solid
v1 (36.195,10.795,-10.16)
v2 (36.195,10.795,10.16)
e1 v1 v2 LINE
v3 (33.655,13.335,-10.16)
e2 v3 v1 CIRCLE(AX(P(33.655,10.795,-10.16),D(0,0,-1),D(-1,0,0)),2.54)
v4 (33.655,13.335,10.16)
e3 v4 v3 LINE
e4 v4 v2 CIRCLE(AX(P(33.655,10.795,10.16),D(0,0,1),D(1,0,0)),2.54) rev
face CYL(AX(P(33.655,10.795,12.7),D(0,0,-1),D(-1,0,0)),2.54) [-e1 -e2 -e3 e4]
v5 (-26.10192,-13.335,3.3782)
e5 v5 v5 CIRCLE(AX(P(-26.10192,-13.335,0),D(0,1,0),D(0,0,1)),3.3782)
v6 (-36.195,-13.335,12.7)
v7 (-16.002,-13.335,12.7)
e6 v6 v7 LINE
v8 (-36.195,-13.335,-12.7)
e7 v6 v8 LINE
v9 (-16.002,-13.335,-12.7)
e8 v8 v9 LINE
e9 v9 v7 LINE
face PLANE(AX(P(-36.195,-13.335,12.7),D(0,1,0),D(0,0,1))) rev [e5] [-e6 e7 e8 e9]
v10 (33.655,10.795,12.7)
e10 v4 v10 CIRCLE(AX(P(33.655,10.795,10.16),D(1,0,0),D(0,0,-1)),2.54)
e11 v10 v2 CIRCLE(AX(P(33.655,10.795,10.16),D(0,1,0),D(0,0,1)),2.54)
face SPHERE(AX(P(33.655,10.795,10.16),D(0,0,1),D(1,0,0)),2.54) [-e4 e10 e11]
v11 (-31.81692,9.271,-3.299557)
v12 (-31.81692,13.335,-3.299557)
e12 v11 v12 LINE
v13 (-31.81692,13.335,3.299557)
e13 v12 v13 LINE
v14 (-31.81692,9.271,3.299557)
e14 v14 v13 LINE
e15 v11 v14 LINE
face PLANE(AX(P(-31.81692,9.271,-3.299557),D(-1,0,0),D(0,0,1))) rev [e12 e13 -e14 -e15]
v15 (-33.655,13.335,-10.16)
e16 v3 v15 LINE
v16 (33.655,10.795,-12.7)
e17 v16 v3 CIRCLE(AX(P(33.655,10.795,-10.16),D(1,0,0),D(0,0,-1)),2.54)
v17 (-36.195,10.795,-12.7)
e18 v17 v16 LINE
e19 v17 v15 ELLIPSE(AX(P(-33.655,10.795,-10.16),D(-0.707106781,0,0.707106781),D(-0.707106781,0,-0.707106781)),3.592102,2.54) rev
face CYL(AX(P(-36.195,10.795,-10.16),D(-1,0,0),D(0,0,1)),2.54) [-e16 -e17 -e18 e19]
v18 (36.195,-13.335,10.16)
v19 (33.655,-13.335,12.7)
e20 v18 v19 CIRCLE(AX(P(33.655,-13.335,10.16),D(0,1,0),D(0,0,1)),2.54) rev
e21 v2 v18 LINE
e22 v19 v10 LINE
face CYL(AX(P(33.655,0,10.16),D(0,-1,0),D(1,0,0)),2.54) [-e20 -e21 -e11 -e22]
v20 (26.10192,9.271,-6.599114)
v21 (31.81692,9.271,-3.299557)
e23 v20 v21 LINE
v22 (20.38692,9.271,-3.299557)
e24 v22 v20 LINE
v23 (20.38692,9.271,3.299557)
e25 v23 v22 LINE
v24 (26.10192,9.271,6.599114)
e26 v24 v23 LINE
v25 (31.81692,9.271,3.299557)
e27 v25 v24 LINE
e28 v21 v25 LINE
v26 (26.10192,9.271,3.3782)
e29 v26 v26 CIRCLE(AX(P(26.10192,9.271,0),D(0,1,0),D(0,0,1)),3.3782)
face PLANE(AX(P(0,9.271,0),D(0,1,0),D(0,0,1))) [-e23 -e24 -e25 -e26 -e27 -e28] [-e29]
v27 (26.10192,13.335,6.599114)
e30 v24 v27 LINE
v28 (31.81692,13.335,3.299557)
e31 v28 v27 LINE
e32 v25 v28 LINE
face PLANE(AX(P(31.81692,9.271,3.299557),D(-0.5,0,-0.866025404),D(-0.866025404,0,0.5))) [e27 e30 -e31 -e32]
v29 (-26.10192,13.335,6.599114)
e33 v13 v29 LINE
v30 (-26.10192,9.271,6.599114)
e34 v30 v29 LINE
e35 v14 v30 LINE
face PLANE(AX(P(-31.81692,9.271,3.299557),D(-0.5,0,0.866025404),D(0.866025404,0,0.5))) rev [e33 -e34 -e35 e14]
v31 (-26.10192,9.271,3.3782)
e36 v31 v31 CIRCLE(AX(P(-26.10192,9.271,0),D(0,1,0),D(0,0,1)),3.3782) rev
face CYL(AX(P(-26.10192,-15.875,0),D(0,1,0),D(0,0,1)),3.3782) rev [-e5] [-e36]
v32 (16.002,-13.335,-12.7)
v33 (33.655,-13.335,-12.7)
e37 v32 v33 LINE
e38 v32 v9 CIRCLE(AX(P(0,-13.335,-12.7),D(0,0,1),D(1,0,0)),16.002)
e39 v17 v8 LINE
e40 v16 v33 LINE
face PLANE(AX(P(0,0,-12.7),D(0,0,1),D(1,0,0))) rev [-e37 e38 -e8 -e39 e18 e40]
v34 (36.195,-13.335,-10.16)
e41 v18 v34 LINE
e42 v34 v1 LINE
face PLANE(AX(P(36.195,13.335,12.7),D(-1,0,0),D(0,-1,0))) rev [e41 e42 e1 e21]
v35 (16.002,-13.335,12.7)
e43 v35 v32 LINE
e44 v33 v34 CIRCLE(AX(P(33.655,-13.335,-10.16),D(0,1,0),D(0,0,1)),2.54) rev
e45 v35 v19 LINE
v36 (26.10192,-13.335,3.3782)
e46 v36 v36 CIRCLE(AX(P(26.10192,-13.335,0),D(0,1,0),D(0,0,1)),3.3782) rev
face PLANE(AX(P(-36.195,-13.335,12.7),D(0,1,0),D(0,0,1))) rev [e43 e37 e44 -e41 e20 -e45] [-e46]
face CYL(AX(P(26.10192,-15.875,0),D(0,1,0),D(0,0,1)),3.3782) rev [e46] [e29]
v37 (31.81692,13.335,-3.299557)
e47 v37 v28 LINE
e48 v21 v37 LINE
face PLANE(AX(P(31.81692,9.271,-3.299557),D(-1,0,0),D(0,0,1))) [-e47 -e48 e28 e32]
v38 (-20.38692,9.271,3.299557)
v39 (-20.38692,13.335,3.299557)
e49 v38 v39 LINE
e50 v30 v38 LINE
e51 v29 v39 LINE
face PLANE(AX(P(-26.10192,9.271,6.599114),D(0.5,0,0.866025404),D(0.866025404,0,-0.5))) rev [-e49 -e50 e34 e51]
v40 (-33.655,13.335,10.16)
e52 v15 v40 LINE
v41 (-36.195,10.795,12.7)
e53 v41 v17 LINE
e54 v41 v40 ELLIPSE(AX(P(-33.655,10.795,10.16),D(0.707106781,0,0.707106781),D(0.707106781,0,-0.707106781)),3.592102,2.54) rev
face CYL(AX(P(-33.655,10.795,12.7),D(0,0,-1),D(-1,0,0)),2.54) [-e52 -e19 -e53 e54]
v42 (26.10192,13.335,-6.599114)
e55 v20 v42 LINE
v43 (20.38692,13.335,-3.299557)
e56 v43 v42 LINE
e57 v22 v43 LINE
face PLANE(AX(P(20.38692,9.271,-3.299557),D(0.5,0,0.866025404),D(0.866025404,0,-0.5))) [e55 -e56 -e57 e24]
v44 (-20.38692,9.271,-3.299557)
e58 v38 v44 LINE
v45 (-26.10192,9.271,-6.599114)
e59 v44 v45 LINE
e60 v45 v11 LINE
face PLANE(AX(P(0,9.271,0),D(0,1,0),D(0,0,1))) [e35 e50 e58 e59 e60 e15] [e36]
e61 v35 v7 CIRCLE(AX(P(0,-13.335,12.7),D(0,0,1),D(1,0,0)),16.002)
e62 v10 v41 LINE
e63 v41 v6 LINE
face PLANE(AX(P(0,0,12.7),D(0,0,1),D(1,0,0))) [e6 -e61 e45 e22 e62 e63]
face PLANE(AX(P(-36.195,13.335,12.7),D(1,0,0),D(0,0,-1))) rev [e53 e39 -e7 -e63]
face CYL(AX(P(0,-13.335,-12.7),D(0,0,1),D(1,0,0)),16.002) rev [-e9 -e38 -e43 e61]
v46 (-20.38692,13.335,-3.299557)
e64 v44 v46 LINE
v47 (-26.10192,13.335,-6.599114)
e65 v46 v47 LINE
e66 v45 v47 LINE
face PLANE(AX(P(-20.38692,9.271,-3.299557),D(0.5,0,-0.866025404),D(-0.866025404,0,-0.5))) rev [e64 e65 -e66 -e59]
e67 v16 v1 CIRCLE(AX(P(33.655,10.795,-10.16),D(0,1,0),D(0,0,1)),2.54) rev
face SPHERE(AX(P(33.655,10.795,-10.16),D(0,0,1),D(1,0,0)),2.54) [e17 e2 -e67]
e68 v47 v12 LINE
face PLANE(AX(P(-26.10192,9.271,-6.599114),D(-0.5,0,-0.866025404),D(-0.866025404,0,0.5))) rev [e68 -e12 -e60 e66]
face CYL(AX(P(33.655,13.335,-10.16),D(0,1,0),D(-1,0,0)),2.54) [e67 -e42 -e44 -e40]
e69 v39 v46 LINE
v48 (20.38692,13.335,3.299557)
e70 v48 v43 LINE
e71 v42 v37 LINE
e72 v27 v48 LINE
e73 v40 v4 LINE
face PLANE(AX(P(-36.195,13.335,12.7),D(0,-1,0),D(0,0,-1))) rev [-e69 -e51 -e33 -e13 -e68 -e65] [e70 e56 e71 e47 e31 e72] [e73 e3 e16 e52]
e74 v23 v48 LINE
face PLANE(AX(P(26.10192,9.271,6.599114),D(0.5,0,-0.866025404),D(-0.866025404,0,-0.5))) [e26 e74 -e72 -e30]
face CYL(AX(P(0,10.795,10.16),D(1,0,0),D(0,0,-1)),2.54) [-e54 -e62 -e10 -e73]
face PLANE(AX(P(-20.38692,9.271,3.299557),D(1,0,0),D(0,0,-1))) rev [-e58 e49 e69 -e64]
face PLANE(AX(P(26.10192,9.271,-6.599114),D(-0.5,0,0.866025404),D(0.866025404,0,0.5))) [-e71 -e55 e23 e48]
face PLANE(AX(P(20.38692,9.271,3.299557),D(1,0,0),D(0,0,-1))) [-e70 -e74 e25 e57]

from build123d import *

# Parameters (mm, degrees)
SKETCH3_W           = 72.39
SKETCH3_H           = 26.67
BOSS_EXTRUDE1_DEPTH = 12.7
SKETCH4_R           = 16.002
CUT_EXTRUDE1_DEPTH  = 26.4
SKETCH7_R           = 3.3782
CUT_EXTRUDE2_DEPTH  = 15.875
FILLET1_R           = 2.54
CUT_EXTRUDE3_DEPTH  = 4.064


with BuildPart() as part:
    # Sketch3 → Boss-Extrude1 (new body, symmetric)
    with BuildSketch(Plane.XY):
        Rectangle(SKETCH3_W, SKETCH3_H)
    extrude(amount=BOSS_EXTRUDE1_DEPTH, both=True)

    # Sketch4 → Cut-Extrude1 (cut, through all)
    with BuildSketch(Plane.XY.offset(12.7)):
        with Locations((0, -13.335)):
            Circle(SKETCH4_R)
    extrude(amount=-CUT_EXTRUDE1_DEPTH, mode=Mode.SUBTRACT)

    # Sketch7 → Cut-Extrude2 (cut, symmetric)
    with BuildSketch(Plane(origin=(0, 0, 0), x_dir=(1, 0, 0), z_dir=(0, 1, 0))):
        with Locations((-26.101920205, 0)):
            Circle(SKETCH7_R)
    cut_extrude2 = extrude(amount=CUT_EXTRUDE2_DEPTH, both=True, mode=Mode.SUBTRACT)

    # Mirror1: Cut-Extrude2 across plane
    add(cut_extrude2.mirror(Plane(origin=(0, 0, 0), x_dir=(0, 0, 1), z_dir=(1, 0, 0))), mode=Mode.SUBTRACT)

    # Fillet1
    fillet1_edges = [part.edges().sort_by_distance(p)[0] for p in [
        (36.195, 0, 12.7),
        (0, 13.335, -12.7),
        (36.195, 0, -12.7),
        (-36.195, 13.335, 0),
        (36.195, 13.335, 0),
        (0, 13.335, 12.7),
    ]]
    fillet(fillet1_edges, radius=FILLET1_R)

    # Sketch8 → Cut-Extrude3 (cut)
    with BuildSketch(Plane(origin=(0, 13.335, 0), x_dir=(1, 0, 0), z_dir=(0, 1, 0))):
        Polygon((-26.101920205, -6.599113577), (-20.386920205, -3.299556788), (-20.386920205, 3.299556788), (-26.101920205, 6.599113577), (-31.816920205, 3.299556788), (-31.816920205, -3.299556788), align=None)
    cut_extrude3 = extrude(amount=-CUT_EXTRUDE3_DEPTH, mode=Mode.SUBTRACT)

    # Mirror2: Cut-Extrude3 across plane
    add(cut_extrude3.mirror(Plane(origin=(0, 0, 0), x_dir=(0, 0, 1), z_dir=(1, 0, 0))), mode=Mode.SUBTRACT)


solid = part.part
